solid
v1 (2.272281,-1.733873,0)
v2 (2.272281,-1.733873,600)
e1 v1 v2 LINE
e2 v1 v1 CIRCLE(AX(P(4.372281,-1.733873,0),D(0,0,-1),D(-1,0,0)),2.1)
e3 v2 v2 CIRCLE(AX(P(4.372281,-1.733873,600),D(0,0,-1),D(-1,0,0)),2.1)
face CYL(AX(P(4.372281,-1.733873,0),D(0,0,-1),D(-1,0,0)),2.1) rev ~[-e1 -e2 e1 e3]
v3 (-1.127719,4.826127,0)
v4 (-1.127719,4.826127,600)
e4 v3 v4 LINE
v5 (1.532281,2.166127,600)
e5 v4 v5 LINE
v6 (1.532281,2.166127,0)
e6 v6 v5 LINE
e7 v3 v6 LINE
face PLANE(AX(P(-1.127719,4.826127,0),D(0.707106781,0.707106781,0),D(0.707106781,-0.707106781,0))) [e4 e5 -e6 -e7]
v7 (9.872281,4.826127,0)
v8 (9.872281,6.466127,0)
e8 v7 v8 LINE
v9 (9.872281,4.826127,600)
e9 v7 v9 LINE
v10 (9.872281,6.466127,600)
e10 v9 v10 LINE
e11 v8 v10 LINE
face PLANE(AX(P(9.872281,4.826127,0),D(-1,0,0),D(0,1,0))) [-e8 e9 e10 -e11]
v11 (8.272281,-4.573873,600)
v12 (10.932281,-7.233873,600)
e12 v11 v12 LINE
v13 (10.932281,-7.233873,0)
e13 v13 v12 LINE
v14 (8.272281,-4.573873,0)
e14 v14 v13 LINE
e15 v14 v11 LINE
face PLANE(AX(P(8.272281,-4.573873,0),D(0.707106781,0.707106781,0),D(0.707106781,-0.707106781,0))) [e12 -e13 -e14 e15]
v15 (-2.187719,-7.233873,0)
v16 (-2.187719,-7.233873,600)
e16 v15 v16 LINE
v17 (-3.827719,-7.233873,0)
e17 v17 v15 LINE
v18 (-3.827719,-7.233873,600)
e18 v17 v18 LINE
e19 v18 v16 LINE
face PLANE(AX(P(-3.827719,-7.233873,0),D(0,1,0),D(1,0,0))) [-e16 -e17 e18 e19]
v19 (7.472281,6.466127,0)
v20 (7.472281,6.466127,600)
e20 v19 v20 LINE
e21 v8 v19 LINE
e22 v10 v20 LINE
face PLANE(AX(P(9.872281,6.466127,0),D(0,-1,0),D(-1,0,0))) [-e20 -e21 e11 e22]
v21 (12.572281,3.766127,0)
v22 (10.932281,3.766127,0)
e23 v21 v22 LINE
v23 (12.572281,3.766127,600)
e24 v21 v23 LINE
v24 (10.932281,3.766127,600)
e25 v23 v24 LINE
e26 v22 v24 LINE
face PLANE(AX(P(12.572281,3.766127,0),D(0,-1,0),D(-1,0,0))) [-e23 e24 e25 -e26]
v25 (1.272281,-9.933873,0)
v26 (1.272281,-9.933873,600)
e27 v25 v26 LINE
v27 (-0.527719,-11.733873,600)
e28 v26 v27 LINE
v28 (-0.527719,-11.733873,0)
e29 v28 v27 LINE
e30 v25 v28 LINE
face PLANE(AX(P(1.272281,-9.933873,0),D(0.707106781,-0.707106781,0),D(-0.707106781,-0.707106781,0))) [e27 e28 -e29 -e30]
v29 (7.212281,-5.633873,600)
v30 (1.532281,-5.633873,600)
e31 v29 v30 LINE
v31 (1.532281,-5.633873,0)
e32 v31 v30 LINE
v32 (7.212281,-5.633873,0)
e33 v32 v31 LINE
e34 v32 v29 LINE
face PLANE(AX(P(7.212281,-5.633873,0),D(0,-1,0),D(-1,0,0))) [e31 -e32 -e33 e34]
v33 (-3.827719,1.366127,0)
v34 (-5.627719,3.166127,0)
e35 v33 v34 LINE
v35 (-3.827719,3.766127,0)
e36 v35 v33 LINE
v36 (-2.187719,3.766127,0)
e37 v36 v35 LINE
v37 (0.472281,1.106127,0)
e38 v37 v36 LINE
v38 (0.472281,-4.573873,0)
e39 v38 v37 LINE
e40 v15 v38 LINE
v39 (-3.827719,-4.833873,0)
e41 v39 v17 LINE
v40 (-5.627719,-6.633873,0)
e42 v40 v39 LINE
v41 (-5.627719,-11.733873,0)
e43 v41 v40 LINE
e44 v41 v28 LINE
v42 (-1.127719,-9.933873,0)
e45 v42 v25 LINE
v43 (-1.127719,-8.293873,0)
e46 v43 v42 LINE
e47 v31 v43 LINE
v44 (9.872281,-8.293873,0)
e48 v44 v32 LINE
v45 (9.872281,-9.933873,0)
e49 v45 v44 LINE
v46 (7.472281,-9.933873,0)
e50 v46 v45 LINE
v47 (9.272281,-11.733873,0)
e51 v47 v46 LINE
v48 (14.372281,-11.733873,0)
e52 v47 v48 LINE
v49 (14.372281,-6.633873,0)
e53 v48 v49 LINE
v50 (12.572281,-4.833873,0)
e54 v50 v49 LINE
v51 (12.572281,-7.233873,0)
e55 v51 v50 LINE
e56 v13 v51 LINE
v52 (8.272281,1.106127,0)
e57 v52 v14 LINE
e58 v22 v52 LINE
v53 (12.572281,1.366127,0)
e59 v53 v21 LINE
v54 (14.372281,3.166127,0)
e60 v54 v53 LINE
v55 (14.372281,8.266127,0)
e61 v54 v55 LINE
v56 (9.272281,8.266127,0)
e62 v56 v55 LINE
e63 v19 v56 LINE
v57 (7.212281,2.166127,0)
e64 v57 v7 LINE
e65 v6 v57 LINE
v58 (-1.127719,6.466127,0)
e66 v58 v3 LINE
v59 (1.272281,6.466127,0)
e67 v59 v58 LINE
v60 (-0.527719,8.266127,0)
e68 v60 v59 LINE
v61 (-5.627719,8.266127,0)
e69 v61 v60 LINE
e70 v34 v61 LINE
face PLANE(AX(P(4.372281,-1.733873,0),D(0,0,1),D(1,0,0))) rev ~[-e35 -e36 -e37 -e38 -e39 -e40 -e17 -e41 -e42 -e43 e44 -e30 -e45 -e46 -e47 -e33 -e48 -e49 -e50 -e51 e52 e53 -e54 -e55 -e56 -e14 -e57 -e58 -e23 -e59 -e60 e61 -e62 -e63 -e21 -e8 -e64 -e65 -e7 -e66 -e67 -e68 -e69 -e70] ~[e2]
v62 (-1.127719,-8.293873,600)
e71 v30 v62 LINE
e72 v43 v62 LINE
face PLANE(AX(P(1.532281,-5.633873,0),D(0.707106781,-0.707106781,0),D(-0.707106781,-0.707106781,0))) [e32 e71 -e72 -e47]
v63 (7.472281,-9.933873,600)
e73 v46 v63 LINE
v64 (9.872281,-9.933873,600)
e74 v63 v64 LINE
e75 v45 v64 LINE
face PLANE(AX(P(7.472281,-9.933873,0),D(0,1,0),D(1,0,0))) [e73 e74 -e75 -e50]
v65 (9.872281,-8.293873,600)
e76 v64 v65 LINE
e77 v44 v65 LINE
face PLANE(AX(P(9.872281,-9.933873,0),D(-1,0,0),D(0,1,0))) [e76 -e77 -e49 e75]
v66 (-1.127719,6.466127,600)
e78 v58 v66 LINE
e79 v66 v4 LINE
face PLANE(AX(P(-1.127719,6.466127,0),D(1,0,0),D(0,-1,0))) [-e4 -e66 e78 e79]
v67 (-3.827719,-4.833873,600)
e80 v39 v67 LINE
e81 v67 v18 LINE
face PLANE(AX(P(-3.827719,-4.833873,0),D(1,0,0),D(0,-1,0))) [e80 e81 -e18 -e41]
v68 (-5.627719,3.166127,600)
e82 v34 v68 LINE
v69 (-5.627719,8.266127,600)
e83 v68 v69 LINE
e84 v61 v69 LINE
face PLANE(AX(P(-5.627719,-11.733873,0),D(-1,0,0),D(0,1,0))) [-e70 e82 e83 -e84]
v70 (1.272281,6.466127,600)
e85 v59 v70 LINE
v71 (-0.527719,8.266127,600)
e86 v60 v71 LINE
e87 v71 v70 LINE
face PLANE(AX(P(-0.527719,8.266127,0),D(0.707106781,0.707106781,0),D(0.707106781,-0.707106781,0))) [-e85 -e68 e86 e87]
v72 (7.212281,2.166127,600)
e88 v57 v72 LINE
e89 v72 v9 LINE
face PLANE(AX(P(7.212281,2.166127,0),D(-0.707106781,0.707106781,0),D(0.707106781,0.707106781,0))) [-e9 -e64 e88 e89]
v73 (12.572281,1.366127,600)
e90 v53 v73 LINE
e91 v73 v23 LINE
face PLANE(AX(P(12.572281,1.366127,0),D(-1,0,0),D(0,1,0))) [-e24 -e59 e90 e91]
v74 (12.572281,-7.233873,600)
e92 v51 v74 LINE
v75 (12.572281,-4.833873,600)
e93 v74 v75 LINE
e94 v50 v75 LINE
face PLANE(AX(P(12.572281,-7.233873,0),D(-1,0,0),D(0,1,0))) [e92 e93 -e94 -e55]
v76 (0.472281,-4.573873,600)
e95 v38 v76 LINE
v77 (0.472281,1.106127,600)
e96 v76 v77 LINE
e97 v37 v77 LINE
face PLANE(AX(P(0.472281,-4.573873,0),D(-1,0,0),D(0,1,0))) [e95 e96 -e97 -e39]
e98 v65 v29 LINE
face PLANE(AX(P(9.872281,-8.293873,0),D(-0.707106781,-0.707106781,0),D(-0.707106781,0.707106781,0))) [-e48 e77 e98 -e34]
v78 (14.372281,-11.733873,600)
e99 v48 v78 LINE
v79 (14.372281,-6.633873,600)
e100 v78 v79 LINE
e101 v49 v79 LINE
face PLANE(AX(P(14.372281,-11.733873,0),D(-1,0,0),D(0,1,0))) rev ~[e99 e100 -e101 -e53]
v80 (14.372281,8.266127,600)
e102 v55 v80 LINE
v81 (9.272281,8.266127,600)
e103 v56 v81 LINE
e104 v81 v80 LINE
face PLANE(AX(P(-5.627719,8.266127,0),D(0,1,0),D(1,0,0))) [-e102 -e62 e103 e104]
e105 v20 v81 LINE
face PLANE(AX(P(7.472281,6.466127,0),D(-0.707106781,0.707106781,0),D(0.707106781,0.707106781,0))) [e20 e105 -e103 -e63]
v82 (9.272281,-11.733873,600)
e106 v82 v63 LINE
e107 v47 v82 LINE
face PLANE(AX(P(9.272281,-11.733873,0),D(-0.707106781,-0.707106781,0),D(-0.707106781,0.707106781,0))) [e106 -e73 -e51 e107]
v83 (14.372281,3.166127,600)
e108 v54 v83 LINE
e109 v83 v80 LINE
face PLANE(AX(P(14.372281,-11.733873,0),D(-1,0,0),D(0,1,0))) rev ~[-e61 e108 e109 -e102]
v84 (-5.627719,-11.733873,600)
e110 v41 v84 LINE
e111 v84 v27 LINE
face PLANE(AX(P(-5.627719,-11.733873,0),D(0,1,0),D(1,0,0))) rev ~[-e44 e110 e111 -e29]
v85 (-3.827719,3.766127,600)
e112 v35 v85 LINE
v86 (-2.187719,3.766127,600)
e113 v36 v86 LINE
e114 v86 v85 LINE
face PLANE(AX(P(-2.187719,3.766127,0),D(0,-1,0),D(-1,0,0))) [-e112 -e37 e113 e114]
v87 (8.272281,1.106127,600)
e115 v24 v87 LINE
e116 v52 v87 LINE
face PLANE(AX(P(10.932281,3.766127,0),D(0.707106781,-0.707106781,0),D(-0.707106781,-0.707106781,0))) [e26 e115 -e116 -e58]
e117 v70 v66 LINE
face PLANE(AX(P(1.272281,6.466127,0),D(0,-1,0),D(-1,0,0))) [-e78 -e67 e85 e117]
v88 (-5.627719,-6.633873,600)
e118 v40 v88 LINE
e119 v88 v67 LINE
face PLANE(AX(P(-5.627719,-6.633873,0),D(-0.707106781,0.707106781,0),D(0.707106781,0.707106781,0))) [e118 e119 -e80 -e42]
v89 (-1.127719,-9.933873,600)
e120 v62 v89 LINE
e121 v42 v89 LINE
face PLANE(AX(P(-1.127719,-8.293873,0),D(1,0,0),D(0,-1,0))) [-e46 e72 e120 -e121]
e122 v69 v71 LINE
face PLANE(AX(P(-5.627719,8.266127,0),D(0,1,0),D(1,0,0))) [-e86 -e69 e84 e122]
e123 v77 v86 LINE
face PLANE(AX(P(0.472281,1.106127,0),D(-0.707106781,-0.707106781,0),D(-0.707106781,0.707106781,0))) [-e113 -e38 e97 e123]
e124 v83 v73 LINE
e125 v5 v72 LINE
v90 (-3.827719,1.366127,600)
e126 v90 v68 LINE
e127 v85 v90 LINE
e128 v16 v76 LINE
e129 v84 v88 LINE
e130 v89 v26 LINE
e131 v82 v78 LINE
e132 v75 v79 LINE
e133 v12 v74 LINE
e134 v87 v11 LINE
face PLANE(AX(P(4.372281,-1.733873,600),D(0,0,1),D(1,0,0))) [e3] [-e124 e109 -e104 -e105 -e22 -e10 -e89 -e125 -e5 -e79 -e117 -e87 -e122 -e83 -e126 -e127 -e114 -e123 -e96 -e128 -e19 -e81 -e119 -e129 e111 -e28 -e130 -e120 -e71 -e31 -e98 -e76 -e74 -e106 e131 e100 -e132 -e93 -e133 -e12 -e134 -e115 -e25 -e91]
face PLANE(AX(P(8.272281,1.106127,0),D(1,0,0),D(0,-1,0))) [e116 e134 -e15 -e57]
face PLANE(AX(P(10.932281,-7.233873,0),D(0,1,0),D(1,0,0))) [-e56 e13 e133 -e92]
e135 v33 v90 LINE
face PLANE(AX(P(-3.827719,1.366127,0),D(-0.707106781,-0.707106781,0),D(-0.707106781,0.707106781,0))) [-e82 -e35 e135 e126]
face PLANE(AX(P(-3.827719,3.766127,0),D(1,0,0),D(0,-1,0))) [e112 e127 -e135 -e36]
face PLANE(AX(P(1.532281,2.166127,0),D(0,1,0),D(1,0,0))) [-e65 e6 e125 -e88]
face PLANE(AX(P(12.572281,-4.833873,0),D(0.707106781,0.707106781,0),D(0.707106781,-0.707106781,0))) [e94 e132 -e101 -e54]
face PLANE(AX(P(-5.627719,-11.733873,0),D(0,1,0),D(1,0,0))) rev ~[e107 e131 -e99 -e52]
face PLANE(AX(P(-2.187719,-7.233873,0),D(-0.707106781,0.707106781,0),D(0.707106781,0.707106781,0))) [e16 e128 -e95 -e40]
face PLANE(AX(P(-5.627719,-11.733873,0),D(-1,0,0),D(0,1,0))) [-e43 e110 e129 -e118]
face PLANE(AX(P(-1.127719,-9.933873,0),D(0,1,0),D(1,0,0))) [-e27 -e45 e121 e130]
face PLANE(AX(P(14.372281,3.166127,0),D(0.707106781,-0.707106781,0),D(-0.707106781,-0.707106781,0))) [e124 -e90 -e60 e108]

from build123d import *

# Parameters (mm, degrees)
ESQUISSE1_W             = 20
ESQUISSE1_H             = 20
BOSS_EXTRU_1_DEPTH      = 600
ENL_V_MAT_EXTRU_1_REACH = 602.287
ESQUISSE2_R             = 2.1


with BuildPart() as part:
    # Esquisse1 → Boss.-Extru.1 (new body)
    with BuildSketch(Plane.XY):
        with Locations((4.37228125, -1.733873274)):
            Rectangle(ESQUISSE1_W, ESQUISSE1_H)
    extrude(amount=BOSS_EXTRU_1_DEPTH)

    # Esquisse2 → Enlèv. mat.-Extru.1 (cut, up to next)
    with BuildSketch(Plane(origin=(0, 0, 0), x_dir=(-1, 0, 0), z_dir=(0, 0, -1)), mode=Mode.PRIVATE) as enl_v_mat_extru_1_sk1:
        with Locations((-4.37228125, -1.733873274)):
            Circle(ESQUISSE2_R)
    enl_v_mat_extru_1_tool1 = extrude(enl_v_mat_extru_1_sk1.sketch, amount=-ENL_V_MAT_EXTRU_1_REACH, mode=Mode.PRIVATE) & part.part
    # Esquisse2 → Enlèv. mat.-Extru.1 (cut, up to next)
    with BuildSketch(Plane(origin=(0, 0, 0), x_dir=(-1, 0, 0), z_dir=(0, 0, -1)), mode=Mode.PRIVATE) as enl_v_mat_extru_1_sk2:
        Polygon((-9.27228125, 8.266126726), (0.52771875, 8.266126726), (-1.27228125, 6.466126726), (1.12771875, 6.466126726), (1.12771875, 4.826126726), (-1.53228125, 2.166126726), (-7.21228125, 2.166126726), (-9.87228125, 4.826126726), (-9.87228125, 6.466126726), (-7.47228125, 6.466126726), align=None)
    enl_v_mat_extru_1_tool2 = extrude(enl_v_mat_extru_1_sk2.sketch, amount=-ENL_V_MAT_EXTRU_1_REACH, mode=Mode.PRIVATE) & part.part
    # Esquisse2 → Enlèv. mat.-Extru.1 (cut, up to next)
    with BuildSketch(Plane(origin=(0, 0, 0), x_dir=(-1, 0, 0), z_dir=(0, 0, -1)), mode=Mode.PRIVATE) as enl_v_mat_extru_1_sk3:
        Polygon((2.18771875, -7.233873274), (-0.47228125, -4.573873274), (-0.47228125, 1.106126726), (2.18771875, 3.766126726), (3.82771875, 3.766126726), (3.82771875, 1.366126726), (5.62771875, 3.166126726), (5.62771875, -6.633873274), (3.82771875, -4.833873274), (3.82771875, -7.233873274), align=None)
    enl_v_mat_extru_1_tool3 = extrude(enl_v_mat_extru_1_sk3.sketch, amount=-ENL_V_MAT_EXTRU_1_REACH, mode=Mode.PRIVATE) & part.part
    # Esquisse2 → Enlèv. mat.-Extru.1 (cut, up to next)
    with BuildSketch(Plane(origin=(0, 0, 0), x_dir=(-1, 0, 0), z_dir=(0, 0, -1)), mode=Mode.PRIVATE) as enl_v_mat_extru_1_sk4:
        Polygon((-9.87228125, -8.293873274), (-7.21228125, -5.633873274), (-1.53228125, -5.633873274), (1.12771875, -8.293873274), (1.12771875, -9.933873274), (-1.27228125, -9.933873274), (0.52771875, -11.733873274), (-9.27228125, -11.733873274), (-7.47228125, -9.933873274), (-9.87228125, -9.933873274), align=None)
    enl_v_mat_extru_1_tool4 = extrude(enl_v_mat_extru_1_sk4.sketch, amount=-ENL_V_MAT_EXTRU_1_REACH, mode=Mode.PRIVATE) & part.part
    # Esquisse2 → Enlèv. mat.-Extru.1 (cut, up to next)
    with BuildSketch(Plane(origin=(0, 0, 0), x_dir=(-1, 0, 0), z_dir=(0, 0, -1)), mode=Mode.PRIVATE) as enl_v_mat_extru_1_sk5:
        Polygon((-10.93228125, 3.766126726), (-8.27228125, 1.106126726), (-8.27228125, -4.573873274), (-10.93228125, -7.233873274), (-12.57228125, -7.233873274), (-12.57228125, -4.833873274), (-14.37228125, -6.633873274), (-14.37228125, 3.166126726), (-12.57228125, 1.366126726), (-12.57228125, 3.766126726), align=None)
    enl_v_mat_extru_1_tool5 = extrude(enl_v_mat_extru_1_sk5.sketch, amount=-ENL_V_MAT_EXTRU_1_REACH, mode=Mode.PRIVATE) & part.part
    add(enl_v_mat_extru_1_tool1.solids().sort_by_distance((4.372281, -1.733873, 0))[0], mode=Mode.SUBTRACT)
    add(enl_v_mat_extru_1_tool2.solids().sort_by_distance((4.372281, 5.301599, 0))[0], mode=Mode.SUBTRACT)
    add(enl_v_mat_extru_1_tool3.solids().sort_by_distance((-2.663191, -1.733873, 0))[0], mode=Mode.SUBTRACT)
    add(enl_v_mat_extru_1_tool4.solids().sort_by_distance((4.372281, -8.769346, 0))[0], mode=Mode.SUBTRACT)
    add(enl_v_mat_extru_1_tool5.solids().sort_by_distance((11.407754, -1.733873, 0))[0], mode=Mode.SUBTRACT)


solid = part.part
